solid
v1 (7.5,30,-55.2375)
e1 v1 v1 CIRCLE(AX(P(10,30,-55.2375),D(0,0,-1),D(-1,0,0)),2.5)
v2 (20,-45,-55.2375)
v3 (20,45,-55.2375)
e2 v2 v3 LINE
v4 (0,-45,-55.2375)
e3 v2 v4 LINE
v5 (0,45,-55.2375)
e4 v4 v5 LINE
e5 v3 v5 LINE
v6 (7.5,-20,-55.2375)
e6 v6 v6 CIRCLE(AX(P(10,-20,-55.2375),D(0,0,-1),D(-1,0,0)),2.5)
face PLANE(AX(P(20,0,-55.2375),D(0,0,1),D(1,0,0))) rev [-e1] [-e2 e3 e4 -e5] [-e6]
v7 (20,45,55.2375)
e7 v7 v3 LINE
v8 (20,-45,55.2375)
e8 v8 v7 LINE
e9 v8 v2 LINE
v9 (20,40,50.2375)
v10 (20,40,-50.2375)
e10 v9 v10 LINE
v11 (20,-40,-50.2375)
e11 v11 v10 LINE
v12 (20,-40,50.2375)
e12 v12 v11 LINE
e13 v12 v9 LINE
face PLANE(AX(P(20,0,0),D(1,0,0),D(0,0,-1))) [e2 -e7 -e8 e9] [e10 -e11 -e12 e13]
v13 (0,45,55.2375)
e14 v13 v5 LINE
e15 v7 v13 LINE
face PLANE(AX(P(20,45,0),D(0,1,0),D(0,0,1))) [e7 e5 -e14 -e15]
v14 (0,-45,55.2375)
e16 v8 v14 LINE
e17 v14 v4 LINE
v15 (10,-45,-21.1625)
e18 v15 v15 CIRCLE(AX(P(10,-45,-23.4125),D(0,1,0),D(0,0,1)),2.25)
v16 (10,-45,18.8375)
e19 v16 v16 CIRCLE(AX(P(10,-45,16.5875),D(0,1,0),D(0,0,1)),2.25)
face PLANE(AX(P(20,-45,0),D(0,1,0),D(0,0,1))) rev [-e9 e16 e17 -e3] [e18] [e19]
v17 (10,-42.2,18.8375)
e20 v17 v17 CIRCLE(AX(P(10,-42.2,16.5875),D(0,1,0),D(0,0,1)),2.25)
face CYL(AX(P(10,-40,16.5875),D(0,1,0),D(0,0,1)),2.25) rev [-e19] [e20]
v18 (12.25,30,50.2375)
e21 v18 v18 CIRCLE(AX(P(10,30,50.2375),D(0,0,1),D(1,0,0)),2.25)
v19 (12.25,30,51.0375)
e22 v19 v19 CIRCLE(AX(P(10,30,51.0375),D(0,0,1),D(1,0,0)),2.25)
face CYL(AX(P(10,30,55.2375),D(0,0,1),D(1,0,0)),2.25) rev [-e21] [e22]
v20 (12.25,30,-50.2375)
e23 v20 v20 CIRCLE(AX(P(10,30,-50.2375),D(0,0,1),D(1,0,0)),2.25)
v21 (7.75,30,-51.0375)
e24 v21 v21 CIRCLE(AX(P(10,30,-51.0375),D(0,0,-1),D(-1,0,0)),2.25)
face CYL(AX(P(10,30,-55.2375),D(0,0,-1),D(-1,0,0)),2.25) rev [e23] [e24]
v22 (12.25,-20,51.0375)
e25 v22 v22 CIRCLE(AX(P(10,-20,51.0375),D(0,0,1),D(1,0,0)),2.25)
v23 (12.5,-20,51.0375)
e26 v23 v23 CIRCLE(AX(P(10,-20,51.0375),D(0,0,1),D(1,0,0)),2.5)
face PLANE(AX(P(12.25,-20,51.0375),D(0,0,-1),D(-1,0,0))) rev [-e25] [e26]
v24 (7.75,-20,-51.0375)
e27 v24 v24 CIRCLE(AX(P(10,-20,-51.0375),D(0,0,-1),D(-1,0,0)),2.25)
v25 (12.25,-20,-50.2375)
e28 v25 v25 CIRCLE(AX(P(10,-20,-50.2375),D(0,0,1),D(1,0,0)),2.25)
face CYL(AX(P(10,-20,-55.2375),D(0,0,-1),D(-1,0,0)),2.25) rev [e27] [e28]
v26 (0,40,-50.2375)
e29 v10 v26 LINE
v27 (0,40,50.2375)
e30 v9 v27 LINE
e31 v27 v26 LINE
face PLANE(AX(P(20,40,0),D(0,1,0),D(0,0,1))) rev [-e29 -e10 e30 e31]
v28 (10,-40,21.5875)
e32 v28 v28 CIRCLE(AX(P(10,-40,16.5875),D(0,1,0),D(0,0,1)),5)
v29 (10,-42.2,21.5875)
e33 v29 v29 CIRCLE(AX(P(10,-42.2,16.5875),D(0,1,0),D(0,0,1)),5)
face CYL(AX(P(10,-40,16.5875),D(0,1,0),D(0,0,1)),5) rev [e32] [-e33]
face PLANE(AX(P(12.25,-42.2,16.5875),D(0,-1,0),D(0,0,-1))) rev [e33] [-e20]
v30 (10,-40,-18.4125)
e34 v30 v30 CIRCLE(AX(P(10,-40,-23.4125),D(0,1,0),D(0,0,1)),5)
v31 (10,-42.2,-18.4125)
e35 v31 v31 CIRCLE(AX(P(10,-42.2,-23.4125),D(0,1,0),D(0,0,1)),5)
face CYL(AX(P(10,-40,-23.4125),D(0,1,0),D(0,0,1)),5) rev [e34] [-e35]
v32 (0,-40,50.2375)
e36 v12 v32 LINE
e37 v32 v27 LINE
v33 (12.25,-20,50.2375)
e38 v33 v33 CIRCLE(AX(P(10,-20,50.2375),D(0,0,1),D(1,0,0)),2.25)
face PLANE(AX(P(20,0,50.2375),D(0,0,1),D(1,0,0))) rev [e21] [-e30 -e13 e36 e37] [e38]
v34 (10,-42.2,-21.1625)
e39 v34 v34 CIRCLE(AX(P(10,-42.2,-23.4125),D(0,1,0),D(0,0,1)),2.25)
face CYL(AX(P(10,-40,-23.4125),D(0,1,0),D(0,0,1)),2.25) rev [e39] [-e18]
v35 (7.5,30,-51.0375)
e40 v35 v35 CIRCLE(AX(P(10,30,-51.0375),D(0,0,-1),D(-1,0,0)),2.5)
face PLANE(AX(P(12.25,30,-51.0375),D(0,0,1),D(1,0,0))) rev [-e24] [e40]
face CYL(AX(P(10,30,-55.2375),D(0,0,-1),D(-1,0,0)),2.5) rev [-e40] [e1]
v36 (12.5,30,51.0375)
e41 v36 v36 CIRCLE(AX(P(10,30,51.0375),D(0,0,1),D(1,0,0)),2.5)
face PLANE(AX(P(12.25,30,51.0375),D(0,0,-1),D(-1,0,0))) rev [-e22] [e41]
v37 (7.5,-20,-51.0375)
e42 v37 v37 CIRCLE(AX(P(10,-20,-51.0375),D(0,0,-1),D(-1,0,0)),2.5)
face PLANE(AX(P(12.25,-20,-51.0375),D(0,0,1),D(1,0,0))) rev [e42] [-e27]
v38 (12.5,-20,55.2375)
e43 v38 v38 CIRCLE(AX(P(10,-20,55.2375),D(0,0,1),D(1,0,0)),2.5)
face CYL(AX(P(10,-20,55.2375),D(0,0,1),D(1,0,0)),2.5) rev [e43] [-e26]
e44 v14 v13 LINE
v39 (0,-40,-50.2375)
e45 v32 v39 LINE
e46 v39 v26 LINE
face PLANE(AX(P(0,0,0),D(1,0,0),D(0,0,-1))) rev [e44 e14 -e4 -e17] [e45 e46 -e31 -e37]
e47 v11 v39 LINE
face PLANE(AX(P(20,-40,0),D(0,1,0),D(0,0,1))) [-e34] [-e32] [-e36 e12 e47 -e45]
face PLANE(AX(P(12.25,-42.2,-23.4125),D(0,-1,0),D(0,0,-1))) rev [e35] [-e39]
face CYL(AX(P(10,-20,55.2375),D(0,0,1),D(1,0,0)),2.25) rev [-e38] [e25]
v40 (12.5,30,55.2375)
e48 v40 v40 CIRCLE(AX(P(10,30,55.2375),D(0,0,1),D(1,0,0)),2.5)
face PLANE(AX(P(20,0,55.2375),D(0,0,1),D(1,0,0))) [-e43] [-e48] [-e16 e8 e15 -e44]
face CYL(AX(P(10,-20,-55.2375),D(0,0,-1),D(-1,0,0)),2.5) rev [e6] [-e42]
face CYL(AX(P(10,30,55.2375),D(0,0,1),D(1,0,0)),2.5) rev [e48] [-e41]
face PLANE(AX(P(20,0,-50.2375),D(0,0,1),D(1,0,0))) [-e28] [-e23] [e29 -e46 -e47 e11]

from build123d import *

# Parameters (mm, degrees)
SKETCH1_W                              = 110.475
SKETCH1_H                              = 90
SKETCH1_W_2                            = 100.475
SKETCH1_H_2                            = 80
SKETCH1_W_3                            = 5
BOSS_EXTRUDE1_DEPTH                    = 20
CBORE_FOR_M4_SBHCS1_AT_2_COUNT         = 2
CBORE_FOR_M4_SBHCS1_AT_2_PITCH         = 40
CBORE_FOR_M5_HEX_HEAD_BOLT1_AT_2_COUNT = 2
CBORE_FOR_M5_HEX_HEAD_BOLT1_AT_2_PITCH = 50
SKETCH7_W                              = 5
SKETCH7_H                              = 80
CUT_EXTRUDE1_DEPTH                     = 30


with BuildPart() as part:
    # Sketch1 → Boss-Extrude1 (new body)
    # profile 1 of 2: a face of its own
    with BuildSketch(Plane(origin=(0, 0, 0), x_dir=(0, 0, -1), z_dir=(1, 0, 0))):
        Rectangle(SKETCH1_W, SKETCH1_H)
        Rectangle(SKETCH1_W_2, SKETCH1_H_2, mode=Mode.SUBTRACT)
    # profile 2 of 2: a face of its own
    with BuildSketch(Plane(origin=(0, 0, 0), x_dir=(0, 0, -1), z_dir=(1, 0, 0))):
        with Locations((22.7375, 0)):
            Rectangle(SKETCH1_W_3, SKETCH1_H_2)
    extrude(amount=BOSS_EXTRUDE1_DEPTH)

    # Sketch3 → CBORE for M4 SBHCS1 (revolve, cut)
    with BuildSketch(Plane(origin=(10, -40, -23.4125), x_dir=(0, 0, 1), z_dir=(1, 0, 0))):
        Polygon((0, 0), (0, 9.151936393), (2.25, 7.8), (2.25, 2.2), (5, 2.2), (5, 0), align=None)
    cbore_for_m4_sbhcs1 = revolve(axis=Axis((10, -33.65, -23.4125), (0, -1, 0)), mode=Mode.SUBTRACT)

    # CBORE for M4 SBHCS1 at 2: CBORE for M4 SBHCS1 ×2
    with Locations(*[(0, 0, i * CBORE_FOR_M4_SBHCS1_AT_2_PITCH) for i in range(1, CBORE_FOR_M4_SBHCS1_AT_2_COUNT)]):
        add(cbore_for_m4_sbhcs1, mode=Mode.SUBTRACT)

    # Sketch6 → CBORE for M5 Hex Head Bolt1 (revolve, cut)
    with BuildSketch(Plane(origin=(10, 30, 55.2375), x_dir=(0, -1, 0), z_dir=(1, 0, 0))):
        Polygon((0, 0), (0, 11.451936393), (2.25, 10.1), (2.25, 4.2), (2.5, 4.2), (2.5, 0), align=None)
    cbore_for_m5_hex_head_bolt1 = revolve(axis=Axis((10, 30, 61.5875), (0, 0, -1)), mode=Mode.SUBTRACT)

    # CBORE for M5 Hex Head Bolt1 at 2: CBORE for M5 Hex Head Bolt1 ×2
    with Locations(*[(0, -i * CBORE_FOR_M5_HEX_HEAD_BOLT1_AT_2_PITCH, 0) for i in range(1, CBORE_FOR_M5_HEX_HEAD_BOLT1_AT_2_COUNT)]):
        add(cbore_for_m5_hex_head_bolt1, mode=Mode.SUBTRACT)

    # Mirror1: CBORE for M5 Hex Head Bolt1 across plane
    add(cbore_for_m5_hex_head_bolt1.mirror(Plane.XY), mode=Mode.SUBTRACT)

    # Mirror1 copy 1 sketch → Mirror1 copy 1 (revolve, cut)
    with BuildSketch(Plane(origin=(10, -20, -55.2375), x_dir=(0, -1, 0), z_dir=(1, 0, 0))):
        Polygon((0, 0), (0, -11.451936393), (2.25, -10.1), (2.25, -4.2), (2.5, -4.2), (2.5, 0), align=None)
    revolve(axis=Axis((10, -20, -61.5875), (0, 0, -1)), mode=Mode.SUBTRACT)

    # Sketch7 → Cut-Extrude1 (cut)
    with BuildSketch(Plane.ZY):
        with Locations((-22.7375, 0)):
            Rectangle(SKETCH7_W, SKETCH7_H)
    extrude(amount=-CUT_EXTRUDE1_DEPTH, mode=Mode.SUBTRACT)


solid = part.part
